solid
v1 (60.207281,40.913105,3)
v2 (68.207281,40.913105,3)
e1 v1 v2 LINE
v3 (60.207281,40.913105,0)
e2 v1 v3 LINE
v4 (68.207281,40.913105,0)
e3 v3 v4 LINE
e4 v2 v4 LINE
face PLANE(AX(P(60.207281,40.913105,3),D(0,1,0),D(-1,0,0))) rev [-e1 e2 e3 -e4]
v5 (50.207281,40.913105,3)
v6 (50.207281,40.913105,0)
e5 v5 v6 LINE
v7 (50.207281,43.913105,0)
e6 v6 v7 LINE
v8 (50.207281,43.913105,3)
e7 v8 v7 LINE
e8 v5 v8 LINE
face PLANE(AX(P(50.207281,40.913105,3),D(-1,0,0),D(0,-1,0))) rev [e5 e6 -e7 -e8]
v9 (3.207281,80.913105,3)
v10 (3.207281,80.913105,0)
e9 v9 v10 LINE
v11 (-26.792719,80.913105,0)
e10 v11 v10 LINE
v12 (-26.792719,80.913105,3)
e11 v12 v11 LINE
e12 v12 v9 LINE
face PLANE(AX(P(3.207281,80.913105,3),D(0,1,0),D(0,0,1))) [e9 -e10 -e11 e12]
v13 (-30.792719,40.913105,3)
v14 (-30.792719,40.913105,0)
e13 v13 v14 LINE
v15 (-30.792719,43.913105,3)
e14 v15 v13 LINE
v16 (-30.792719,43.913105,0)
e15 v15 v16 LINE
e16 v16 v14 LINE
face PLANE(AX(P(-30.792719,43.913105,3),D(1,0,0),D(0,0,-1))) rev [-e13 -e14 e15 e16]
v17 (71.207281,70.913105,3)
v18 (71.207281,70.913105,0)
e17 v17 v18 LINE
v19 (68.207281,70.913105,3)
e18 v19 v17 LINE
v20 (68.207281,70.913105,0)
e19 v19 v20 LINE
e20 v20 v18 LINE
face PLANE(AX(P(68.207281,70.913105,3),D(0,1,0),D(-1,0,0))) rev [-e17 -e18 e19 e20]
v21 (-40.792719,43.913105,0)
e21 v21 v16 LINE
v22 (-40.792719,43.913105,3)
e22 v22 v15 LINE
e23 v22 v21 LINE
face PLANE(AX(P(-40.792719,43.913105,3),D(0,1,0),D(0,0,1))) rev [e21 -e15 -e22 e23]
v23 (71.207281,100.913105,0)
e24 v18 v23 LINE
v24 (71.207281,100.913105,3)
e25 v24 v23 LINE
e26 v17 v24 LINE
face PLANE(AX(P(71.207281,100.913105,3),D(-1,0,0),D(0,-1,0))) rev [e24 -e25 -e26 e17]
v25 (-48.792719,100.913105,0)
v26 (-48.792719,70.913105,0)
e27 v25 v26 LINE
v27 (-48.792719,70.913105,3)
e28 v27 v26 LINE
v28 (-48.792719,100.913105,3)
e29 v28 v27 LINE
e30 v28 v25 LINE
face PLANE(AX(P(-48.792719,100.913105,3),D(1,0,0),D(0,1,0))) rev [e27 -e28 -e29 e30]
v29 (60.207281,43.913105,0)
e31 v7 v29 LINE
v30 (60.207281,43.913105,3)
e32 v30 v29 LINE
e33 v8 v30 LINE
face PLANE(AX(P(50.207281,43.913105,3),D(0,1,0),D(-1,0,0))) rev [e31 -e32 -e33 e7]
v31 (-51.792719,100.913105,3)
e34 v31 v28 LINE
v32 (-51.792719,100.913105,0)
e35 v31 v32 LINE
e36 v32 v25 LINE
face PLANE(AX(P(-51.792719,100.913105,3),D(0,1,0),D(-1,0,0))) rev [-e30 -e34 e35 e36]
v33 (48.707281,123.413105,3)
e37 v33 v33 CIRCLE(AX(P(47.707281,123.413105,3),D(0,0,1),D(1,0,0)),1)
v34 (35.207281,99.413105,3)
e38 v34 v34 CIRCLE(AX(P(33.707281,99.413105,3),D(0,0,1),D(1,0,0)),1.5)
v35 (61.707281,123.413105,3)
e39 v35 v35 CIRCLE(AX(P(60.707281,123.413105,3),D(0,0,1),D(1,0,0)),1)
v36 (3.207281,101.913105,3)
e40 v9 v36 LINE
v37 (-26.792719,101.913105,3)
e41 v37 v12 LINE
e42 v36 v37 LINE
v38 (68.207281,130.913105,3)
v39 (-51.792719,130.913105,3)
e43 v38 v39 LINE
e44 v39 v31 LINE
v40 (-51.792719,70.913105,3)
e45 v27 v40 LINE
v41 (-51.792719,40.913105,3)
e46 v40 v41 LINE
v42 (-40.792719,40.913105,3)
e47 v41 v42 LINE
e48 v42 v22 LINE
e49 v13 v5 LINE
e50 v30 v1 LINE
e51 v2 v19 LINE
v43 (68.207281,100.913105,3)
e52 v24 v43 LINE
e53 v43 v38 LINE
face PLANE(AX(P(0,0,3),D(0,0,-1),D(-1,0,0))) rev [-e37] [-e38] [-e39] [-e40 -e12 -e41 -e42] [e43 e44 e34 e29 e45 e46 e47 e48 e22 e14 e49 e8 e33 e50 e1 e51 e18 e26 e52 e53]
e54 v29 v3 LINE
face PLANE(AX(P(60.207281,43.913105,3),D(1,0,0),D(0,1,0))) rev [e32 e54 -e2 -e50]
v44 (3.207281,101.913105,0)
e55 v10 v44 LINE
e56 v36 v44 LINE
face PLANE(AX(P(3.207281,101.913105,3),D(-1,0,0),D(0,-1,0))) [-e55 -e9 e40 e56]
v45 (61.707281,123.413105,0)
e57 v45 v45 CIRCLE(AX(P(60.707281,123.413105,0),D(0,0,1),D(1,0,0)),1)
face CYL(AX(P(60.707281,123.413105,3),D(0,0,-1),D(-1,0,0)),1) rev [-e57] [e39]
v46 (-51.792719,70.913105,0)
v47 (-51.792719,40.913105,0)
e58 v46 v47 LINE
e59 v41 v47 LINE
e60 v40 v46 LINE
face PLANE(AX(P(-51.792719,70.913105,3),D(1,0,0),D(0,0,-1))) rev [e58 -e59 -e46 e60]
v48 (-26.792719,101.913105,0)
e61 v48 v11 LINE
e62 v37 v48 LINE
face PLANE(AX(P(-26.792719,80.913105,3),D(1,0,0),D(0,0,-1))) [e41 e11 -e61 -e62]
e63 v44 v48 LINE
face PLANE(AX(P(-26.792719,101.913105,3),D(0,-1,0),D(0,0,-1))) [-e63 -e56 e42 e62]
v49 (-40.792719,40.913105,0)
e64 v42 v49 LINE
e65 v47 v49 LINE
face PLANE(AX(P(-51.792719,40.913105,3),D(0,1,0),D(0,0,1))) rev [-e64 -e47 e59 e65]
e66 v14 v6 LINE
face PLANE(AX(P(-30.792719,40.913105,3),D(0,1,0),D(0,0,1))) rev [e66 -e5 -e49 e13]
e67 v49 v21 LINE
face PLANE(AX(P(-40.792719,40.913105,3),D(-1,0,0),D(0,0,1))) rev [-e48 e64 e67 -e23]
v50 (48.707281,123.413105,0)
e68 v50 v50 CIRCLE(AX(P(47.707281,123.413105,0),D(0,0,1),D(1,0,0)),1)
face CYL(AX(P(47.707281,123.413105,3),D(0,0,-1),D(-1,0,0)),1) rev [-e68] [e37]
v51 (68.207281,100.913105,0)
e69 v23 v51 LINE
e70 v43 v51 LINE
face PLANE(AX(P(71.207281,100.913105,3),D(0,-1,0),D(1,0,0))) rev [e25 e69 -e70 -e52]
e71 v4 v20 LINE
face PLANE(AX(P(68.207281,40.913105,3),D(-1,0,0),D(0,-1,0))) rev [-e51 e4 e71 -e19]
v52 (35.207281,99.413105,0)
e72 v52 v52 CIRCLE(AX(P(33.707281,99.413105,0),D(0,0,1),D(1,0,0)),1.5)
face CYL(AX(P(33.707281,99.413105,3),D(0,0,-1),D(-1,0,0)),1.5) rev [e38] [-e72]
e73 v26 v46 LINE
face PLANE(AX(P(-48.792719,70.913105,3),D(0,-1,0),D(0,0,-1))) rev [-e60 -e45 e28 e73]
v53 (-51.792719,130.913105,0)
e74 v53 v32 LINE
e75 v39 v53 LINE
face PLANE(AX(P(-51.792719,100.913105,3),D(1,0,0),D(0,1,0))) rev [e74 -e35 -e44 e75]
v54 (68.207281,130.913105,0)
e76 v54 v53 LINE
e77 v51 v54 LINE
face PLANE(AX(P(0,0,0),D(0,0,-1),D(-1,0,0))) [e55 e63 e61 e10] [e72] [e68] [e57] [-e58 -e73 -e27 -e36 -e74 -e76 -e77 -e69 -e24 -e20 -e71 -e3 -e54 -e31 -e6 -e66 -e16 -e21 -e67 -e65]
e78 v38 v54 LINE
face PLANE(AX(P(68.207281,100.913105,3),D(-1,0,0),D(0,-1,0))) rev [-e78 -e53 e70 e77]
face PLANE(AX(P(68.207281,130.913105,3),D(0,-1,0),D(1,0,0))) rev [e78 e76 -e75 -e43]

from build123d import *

# Parameters (mm, degrees)
MODEL_R             = 1
MODEL_R_2           = 1.5
MODEL_W             = 30
MODEL_H             = 21
BOSS_EXTRUDE1_DEPTH = 3


with BuildPart() as part:
    # Model → Boss-Extrude1 (new body)
    with BuildSketch(Plane.XY):
        Polygon((71.207281269, 100.913104874), (71.207281269, 70.913104874), (68.207281269, 70.913104874), (68.207281269, 40.913104874), (60.207281269, 40.913104874), (60.207281269, 43.913104874), (50.207281269, 43.913104874), (50.207281269, 40.913104874), (-30.792718731, 40.913104874), (-30.792718731, 43.913104874), (-40.792718731, 43.913104874), (-40.792718731, 40.913104874), (-51.792718731, 40.913104874), (-51.792718731, 70.913104874), (-48.792718731, 70.913104874), (-48.792718731, 100.913104874), (-51.792718731, 100.913104874), (-51.792718731, 130.913104874), (68.207281269, 130.913104874), (68.207281269, 100.913104874), align=None)
        with Locations((47.707281269, 123.413104874)):
            Circle(MODEL_R, mode=Mode.SUBTRACT)
        with Locations((60.707281269, 123.413104874)):
            Circle(MODEL_R, mode=Mode.SUBTRACT)
        with Locations((33.707281269, 99.413104874)):
            Circle(MODEL_R_2, mode=Mode.SUBTRACT)
        with Locations((-11.792718731, 91.413104874)):
            Rectangle(MODEL_W, MODEL_H, mode=Mode.SUBTRACT)
    extrude(amount=BOSS_EXTRUDE1_DEPTH)


solid = part.part
